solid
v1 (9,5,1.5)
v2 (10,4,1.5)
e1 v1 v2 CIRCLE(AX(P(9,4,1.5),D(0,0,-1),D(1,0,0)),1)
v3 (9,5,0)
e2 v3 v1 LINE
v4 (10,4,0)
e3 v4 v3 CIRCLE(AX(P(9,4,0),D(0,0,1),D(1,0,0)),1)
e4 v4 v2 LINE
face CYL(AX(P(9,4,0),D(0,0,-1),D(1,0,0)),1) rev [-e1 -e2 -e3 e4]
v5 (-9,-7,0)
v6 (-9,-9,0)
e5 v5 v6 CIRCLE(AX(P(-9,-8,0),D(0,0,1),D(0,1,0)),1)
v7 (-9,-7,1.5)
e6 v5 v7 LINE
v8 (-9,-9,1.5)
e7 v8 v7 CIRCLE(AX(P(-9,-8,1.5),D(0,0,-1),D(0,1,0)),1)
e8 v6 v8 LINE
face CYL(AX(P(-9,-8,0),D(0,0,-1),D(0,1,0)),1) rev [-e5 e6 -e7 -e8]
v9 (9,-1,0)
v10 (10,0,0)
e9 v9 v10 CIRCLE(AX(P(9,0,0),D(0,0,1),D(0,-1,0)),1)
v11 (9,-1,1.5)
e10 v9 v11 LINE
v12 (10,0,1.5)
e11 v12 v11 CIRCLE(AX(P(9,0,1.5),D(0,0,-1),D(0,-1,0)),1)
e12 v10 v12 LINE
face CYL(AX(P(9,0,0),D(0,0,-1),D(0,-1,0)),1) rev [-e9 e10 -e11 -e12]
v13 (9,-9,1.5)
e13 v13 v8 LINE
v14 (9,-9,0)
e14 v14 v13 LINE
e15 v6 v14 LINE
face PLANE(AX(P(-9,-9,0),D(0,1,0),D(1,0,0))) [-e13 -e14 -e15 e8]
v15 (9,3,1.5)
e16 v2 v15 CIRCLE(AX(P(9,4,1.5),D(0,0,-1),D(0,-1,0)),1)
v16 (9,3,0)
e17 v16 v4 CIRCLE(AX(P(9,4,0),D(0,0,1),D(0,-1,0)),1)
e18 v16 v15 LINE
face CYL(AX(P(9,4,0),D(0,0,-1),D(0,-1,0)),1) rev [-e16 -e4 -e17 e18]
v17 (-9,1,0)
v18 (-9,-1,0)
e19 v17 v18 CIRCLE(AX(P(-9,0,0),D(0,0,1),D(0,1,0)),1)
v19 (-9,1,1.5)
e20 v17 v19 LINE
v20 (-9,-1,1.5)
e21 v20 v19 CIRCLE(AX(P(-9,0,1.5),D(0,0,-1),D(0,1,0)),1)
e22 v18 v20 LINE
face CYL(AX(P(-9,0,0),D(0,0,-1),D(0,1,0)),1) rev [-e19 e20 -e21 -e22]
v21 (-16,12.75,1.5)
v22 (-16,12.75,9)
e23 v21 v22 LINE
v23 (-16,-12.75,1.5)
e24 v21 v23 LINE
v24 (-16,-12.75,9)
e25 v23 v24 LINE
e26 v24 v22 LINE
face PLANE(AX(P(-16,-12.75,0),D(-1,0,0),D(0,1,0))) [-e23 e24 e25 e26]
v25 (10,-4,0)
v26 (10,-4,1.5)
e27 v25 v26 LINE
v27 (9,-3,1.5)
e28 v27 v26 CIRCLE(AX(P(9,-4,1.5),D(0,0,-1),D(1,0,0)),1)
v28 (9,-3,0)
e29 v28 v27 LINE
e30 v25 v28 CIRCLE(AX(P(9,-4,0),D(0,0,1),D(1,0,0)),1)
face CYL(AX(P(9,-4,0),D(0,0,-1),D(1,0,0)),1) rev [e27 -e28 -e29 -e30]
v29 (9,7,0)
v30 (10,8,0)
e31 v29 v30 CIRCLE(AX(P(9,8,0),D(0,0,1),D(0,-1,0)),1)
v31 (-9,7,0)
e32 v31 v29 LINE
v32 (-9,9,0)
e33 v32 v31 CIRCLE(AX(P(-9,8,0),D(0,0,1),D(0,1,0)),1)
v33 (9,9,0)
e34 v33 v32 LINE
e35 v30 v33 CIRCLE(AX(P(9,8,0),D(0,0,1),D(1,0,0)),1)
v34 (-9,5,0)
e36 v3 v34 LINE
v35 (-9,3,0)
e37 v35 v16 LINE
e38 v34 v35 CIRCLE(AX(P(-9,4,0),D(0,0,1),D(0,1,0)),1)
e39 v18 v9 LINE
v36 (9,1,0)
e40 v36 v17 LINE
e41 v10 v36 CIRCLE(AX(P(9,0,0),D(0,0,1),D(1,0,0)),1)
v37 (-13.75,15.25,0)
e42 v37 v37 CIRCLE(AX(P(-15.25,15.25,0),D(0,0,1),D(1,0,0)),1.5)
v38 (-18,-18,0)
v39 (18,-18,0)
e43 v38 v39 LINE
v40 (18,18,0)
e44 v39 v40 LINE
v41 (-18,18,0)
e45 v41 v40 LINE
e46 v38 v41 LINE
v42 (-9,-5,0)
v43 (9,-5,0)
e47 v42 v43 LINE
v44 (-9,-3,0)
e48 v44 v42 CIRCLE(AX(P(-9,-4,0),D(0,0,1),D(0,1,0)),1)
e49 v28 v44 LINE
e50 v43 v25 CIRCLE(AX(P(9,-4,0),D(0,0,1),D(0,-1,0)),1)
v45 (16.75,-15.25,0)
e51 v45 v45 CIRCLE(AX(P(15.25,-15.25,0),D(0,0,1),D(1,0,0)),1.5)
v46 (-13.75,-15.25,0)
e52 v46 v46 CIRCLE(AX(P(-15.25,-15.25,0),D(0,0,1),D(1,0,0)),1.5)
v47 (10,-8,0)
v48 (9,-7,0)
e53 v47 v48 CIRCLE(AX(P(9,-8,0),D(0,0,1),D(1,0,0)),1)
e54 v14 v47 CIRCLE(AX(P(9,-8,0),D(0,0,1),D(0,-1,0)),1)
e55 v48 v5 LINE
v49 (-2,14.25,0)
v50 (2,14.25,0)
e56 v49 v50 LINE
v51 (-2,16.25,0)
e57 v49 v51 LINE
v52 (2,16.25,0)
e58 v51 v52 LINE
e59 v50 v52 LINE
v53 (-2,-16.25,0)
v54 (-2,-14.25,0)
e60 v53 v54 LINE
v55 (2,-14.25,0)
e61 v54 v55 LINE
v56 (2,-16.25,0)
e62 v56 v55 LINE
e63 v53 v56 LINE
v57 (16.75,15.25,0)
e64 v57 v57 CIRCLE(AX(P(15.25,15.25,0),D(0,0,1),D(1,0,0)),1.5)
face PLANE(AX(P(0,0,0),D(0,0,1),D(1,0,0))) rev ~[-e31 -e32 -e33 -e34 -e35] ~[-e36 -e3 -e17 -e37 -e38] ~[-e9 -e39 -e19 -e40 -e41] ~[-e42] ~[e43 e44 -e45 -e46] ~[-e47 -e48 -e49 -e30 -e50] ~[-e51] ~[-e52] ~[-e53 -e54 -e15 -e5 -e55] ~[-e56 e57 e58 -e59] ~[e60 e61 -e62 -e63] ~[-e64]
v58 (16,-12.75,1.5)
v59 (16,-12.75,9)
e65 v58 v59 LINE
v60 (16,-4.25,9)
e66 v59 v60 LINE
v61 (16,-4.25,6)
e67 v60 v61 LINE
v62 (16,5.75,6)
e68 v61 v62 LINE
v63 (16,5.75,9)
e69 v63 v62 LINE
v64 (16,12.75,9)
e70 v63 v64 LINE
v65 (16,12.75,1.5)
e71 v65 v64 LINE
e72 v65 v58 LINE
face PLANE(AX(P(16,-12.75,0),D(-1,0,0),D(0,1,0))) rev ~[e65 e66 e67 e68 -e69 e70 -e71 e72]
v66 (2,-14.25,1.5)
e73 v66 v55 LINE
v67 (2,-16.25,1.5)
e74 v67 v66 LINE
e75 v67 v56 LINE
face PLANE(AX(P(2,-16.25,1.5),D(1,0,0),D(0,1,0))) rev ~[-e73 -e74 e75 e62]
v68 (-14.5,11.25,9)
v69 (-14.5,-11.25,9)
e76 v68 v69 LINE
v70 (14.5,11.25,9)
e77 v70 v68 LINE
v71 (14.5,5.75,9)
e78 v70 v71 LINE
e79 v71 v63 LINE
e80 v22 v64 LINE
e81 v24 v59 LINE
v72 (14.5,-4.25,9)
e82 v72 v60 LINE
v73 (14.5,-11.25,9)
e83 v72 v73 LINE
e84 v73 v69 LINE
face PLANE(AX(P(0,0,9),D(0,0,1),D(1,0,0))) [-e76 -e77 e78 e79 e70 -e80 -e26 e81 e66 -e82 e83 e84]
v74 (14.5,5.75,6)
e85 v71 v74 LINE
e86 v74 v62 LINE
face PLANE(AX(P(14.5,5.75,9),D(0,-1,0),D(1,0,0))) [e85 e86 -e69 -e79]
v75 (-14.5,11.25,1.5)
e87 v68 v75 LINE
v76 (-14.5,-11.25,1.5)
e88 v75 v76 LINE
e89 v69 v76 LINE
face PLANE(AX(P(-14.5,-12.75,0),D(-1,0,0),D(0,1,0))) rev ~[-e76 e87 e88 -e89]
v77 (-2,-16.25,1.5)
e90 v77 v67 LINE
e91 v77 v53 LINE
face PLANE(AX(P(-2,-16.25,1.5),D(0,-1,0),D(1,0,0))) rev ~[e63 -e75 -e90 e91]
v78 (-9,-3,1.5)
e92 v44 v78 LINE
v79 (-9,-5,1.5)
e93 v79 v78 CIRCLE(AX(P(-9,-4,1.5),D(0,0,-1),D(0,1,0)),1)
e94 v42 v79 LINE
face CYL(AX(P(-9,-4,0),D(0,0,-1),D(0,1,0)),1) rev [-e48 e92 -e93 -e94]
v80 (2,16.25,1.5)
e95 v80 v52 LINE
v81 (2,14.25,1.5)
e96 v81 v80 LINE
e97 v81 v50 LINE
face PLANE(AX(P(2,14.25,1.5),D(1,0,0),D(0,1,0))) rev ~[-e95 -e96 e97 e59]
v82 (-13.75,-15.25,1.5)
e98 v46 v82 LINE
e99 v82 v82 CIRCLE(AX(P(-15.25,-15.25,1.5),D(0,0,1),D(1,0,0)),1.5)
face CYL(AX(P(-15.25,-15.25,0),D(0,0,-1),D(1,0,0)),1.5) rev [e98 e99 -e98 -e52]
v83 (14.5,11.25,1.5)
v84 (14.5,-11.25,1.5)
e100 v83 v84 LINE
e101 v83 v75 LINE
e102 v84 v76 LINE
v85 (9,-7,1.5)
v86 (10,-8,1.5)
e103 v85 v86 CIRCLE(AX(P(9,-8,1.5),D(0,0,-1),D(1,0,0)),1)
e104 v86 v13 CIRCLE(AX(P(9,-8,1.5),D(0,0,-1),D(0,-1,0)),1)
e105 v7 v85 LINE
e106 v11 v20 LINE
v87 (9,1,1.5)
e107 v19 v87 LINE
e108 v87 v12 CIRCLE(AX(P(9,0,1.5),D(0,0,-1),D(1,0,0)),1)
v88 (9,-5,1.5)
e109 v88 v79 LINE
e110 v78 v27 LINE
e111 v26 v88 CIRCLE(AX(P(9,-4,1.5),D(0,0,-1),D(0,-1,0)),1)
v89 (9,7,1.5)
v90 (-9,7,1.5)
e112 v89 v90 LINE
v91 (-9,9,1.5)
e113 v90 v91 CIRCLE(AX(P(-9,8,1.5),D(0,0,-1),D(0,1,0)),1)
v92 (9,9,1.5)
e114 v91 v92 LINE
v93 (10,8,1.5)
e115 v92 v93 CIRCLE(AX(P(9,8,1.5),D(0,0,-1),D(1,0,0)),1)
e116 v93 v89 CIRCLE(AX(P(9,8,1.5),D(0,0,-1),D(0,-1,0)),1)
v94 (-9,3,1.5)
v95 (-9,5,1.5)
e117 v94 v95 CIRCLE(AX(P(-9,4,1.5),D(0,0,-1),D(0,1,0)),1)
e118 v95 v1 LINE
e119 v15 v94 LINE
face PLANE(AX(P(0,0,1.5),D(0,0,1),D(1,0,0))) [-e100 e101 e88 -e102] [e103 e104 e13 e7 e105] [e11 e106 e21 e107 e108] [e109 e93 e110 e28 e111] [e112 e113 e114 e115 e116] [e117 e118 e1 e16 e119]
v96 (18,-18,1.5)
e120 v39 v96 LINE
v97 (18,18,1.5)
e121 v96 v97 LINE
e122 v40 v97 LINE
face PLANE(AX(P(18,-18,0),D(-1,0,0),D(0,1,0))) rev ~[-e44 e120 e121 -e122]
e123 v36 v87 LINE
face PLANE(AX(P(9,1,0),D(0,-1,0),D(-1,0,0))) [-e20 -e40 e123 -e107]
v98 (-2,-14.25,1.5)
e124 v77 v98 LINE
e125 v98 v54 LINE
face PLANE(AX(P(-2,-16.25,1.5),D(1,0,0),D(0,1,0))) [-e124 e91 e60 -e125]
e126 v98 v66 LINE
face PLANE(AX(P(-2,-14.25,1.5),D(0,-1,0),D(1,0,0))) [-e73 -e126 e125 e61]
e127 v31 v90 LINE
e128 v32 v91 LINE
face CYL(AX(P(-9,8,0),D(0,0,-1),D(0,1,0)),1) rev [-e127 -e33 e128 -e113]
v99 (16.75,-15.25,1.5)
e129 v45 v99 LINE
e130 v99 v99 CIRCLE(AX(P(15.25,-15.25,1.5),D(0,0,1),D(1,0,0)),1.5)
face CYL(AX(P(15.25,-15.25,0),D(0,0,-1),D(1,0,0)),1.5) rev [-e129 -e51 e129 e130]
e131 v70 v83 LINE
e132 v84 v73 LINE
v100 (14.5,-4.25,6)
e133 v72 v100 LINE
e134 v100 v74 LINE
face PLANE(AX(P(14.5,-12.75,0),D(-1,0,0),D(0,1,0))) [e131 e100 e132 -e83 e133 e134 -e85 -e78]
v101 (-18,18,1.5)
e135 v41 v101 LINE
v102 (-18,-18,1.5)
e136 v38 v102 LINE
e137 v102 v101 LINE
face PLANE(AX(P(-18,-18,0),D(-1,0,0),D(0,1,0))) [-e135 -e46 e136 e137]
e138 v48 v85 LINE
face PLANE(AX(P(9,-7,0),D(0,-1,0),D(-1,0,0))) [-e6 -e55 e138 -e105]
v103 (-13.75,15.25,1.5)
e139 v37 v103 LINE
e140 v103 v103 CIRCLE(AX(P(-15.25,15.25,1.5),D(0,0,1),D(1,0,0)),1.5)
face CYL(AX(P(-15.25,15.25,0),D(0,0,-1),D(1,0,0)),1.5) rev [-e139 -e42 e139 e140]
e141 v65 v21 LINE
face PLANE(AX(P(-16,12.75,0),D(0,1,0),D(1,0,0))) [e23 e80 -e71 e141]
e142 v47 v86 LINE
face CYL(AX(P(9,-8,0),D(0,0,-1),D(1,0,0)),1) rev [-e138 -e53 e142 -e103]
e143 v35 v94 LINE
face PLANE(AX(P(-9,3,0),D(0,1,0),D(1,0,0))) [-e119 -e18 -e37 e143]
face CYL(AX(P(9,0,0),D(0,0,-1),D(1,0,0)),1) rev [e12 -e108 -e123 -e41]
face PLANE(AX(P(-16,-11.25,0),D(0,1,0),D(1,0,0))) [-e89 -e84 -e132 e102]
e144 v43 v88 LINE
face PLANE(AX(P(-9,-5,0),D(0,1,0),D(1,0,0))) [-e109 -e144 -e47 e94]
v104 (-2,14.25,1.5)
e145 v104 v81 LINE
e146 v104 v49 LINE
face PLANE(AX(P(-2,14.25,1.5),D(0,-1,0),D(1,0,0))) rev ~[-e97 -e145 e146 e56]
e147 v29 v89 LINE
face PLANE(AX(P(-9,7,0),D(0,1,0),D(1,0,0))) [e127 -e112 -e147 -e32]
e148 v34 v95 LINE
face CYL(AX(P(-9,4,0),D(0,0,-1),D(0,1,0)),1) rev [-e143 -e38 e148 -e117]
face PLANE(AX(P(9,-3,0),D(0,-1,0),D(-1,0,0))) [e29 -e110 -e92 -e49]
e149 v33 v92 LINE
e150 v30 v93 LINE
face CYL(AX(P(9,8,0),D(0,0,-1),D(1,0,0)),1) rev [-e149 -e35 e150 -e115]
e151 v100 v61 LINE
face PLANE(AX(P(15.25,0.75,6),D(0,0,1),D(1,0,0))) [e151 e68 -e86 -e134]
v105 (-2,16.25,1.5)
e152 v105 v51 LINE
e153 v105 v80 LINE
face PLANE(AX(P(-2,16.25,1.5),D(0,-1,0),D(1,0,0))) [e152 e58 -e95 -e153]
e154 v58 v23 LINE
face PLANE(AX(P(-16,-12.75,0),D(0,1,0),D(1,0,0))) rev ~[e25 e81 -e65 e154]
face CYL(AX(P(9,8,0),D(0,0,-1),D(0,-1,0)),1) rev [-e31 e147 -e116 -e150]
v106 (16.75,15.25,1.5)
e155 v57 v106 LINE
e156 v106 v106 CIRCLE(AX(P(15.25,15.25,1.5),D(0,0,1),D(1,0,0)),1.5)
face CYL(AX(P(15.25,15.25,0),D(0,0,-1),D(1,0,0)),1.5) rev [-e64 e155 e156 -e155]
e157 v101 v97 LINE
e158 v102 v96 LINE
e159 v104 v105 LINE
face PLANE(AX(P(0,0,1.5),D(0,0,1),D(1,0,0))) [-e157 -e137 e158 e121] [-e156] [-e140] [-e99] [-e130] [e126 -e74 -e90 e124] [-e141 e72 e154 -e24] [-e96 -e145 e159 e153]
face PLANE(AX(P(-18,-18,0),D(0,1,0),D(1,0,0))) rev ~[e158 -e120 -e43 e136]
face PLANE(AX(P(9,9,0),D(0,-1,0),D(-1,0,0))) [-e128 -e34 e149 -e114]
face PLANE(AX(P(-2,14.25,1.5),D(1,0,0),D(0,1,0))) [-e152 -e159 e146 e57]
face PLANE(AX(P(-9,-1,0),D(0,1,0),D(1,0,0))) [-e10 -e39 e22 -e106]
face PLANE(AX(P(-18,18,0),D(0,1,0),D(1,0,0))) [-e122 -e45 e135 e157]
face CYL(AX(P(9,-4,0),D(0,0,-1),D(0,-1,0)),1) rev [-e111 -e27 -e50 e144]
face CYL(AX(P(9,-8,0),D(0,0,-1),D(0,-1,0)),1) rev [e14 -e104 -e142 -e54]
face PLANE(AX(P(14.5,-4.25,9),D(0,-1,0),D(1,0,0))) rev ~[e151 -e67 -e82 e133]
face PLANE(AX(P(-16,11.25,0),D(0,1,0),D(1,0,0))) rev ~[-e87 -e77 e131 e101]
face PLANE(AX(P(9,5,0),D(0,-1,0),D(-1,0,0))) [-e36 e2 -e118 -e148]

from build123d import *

# Parameters (mm, degrees)
F0_W      = 36
F0_H      = 36
F0_R      = 1.5
F3_DEPTH  = 1.5
F1_W      = 32
F1_H      = 25.5
F4_DEPTH  = 9
F5_T      = -1.5
F6_DEPTH  = 25
F7_W      = 1.5
F7_H      = 10
F8_DEPTH  = 3
F9_W      = 4
F9_H      = 2
F10_DEPTH = 25


with BuildPart() as f3:
    # F0 (on Top) → F3 (new body)
    with BuildSketch(Plane.XY):
        Rectangle(F0_W, F0_H)
        with Locations((-15.25, -15.25)):
            Circle(F0_R, mode=Mode.SUBTRACT)
        with Locations((15.25, -15.25)):
            Circle(F0_R, mode=Mode.SUBTRACT)
        with Locations((-15.25, 15.25)):
            Circle(F0_R, mode=Mode.SUBTRACT)
        with Locations((15.25, 15.25)):
            Circle(F0_R, mode=Mode.SUBTRACT)
    extrude(amount=F3_DEPTH)

    # F1 (on Top) → F4 (join)
    with BuildSketch(Plane.XY):
        Rectangle(F1_W, F1_H)
    extrude(amount=F4_DEPTH)

    # F5
    f5_openings = [f3.faces().sort_by_distance(p)[0] for p in [
        (0, 0, 9),
    ]]
    offset(amount=F5_T, openings=f5_openings, kind=Kind.INTERSECTION)

    # F2 (on Top) → F6 (cut)
    with BuildSketch(Plane.XY):
        with BuildLine():
            ThreePointArc((-8, 0), (-8.2928932188, 0.7071067812), (-9, 1))
            Line((-9, 1), (-9, -1))
            ThreePointArc((-9, -1), (-8.2928932188, -0.7071067812), (-8, 0))
        make_face()
        with BuildLine():
            Line((9, 1), (-9, 1))
            ThreePointArc((-9, 1), (-8.2928932188, 0.7071067812), (-8, 0))
            ThreePointArc((-8, 0), (-8.2928932188, -0.7071067812), (-9, -1))
            Line((-9, -1), (9, -1))
            ThreePointArc((9, -1), (8, 0), (9, 1))
        make_face()
        with BuildLine():
            Line((-9, -1), (-9, 1))
            ThreePointArc((-9, 1), (-10, 0), (-9, -1))
        make_face()
        with BuildLine():
            ThreePointArc((10, 0), (9.7071067812, 0.7071067812), (9, 1))
            Line((9, 1), (9, -1))
            ThreePointArc((9, -1), (9.7071067812, -0.7071067812), (10, 0))
        make_face()
        with BuildLine():
            Line((9, -1), (9, 1))
            ThreePointArc((9, 1), (8, 0), (9, -1))
        make_face()
        with BuildLine():
            ThreePointArc((-8, 4), (-8.2928932188, 3.2928932188), (-9, 3))
            Line((-9, 3), (9, 3))
            ThreePointArc((9, 3), (8, 4), (9, 5))
            Line((9, 5), (-9, 5))
            ThreePointArc((-9, 5), (-8.2928932188, 4.7071067812), (-8, 4))
        make_face()
        with BuildLine():
            Line((-9, 5), (-9, 3))
            ThreePointArc((-9, 3), (-8.2928932188, 3.2928932188), (-8, 4))
            ThreePointArc((-8, 4), (-8.2928932188, 4.7071067812), (-9, 5))
        make_face()
        with BuildLine():
            ThreePointArc((-9, 5), (-10, 4), (-9, 3))
            Line((-9, 3), (-9, 5))
        make_face()
        with BuildLine():
            Line((9, 5), (9, 3))
            ThreePointArc((9, 3), (9.7071067812, 3.2928932188), (10, 4))
            ThreePointArc((10, 4), (9.7071067812, 4.7071067812), (9, 5))
        make_face()
        with BuildLine():
            ThreePointArc((9, 5), (8, 4), (9, 3))
            Line((9, 3), (9, 5))
        make_face()
        with BuildLine():
            ThreePointArc((-8, 8), (-8.2928932188, 7.2928932188), (-9, 7))
            Line((-9, 7), (9, 7))
            ThreePointArc((9, 7), (8, 8), (9, 9))
            Line((9, 9), (-9, 9))
            ThreePointArc((-9, 9), (-8.2928932188, 8.7071067812), (-8, 8))
        make_face()
        with BuildLine():
            Line((-9, 9), (-9, 7))
            ThreePointArc((-9, 7), (-8.2928932188, 7.2928932188), (-8, 8))
            ThreePointArc((-8, 8), (-8.2928932188, 8.7071067812), (-9, 9))
        make_face()
        with BuildLine():
            ThreePointArc((-9, 9), (-10, 8), (-9, 7))
            Line((-9, 7), (-9, 9))
        make_face()
        with BuildLine():
            Line((9, 9), (9, 7))
            ThreePointArc((9, 7), (9.7071067812, 7.2928932188), (10, 8))
            ThreePointArc((10, 8), (9.7071067812, 8.7071067812), (9, 9))
        make_face()
        with BuildLine():
            ThreePointArc((9, 9), (8, 8), (9, 7))
            Line((9, 7), (9, 9))
        make_face()
        with BuildLine():
            ThreePointArc((9, -5), (9.7071067812, -4.7071067812), (10, -4))
            ThreePointArc((10, -4), (9.7071067812, -3.2928932188), (9, -3))
            Line((9, -3), (9, -5))
        make_face()
        with BuildLine():
            Line((9, -5), (9, -3))
            ThreePointArc((9, -3), (8, -4), (9, -5))
        make_face()
        with BuildLine():
            ThreePointArc((9, -5), (8, -4), (9, -3))
            Line((9, -3), (-9, -3))
            ThreePointArc((-9, -3), (-8.2928932188, -3.2928932188), (-8, -4))
            ThreePointArc((-8, -4), (-8.2928932188, -4.7071067812), (-9, -5))
            Line((-9, -5), (9, -5))
        make_face()
        with BuildLine():
            Line((-9, -5), (-9, -3))
            ThreePointArc((-9, -3), (-10, -4), (-9, -5))
        make_face()
        with BuildLine():
            ThreePointArc((-8, -4), (-8.2928932188, -3.2928932188), (-9, -3))
            Line((-9, -3), (-9, -5))
            ThreePointArc((-9, -5), (-8.2928932188, -4.7071067812), (-8, -4))
        make_face()
        with BuildLine():
            ThreePointArc((9, -9), (9.7071067812, -8.7071067812), (10, -8))
            ThreePointArc((10, -8), (9.7071067812, -7.2928932188), (9, -7))
            Line((9, -7), (9, -9))
        make_face()
        with BuildLine():
            Line((9, -9), (9, -7))
            ThreePointArc((9, -7), (8, -8), (9, -9))
        make_face()
        with BuildLine():
            ThreePointArc((9, -9), (8, -8), (9, -7))
            Line((9, -7), (-9, -7))
            ThreePointArc((-9, -7), (-8.2928932188, -7.2928932188), (-8, -8))
            ThreePointArc((-8, -8), (-8.2928932188, -8.7071067812), (-9, -9))
            Line((-9, -9), (9, -9))
        make_face()
        with BuildLine():
            Line((-9, -9), (-9, -7))
            ThreePointArc((-9, -7), (-10, -8), (-9, -9))
        make_face()
        with BuildLine():
            ThreePointArc((-8, -8), (-8.2928932188, -7.2928932188), (-9, -7))
            Line((-9, -7), (-9, -9))
            ThreePointArc((-9, -9), (-8.2928932188, -8.7071067812), (-8, -8))
        make_face()
    extrude(amount=F6_DEPTH, mode=Mode.SUBTRACT)

    # F7 (on face) → F8 (cut)
    with BuildSketch(Plane.XY.offset(9)):
        with Locations((15.25, 0.75)):
            Rectangle(F7_W, F7_H)
    extrude(amount=-F8_DEPTH, mode=Mode.SUBTRACT)

    # F9 (on face) → F10 (cut)
    with BuildSketch(Plane.XY.offset(1.5)):
        with Locations((0, 15.25)):
            Rectangle(F9_W, F9_H)
        with Locations((0, -15.25)):
            Rectangle(F9_W, F9_H)
    extrude(amount=-F10_DEPTH, mode=Mode.SUBTRACT)


solid = f3.part
